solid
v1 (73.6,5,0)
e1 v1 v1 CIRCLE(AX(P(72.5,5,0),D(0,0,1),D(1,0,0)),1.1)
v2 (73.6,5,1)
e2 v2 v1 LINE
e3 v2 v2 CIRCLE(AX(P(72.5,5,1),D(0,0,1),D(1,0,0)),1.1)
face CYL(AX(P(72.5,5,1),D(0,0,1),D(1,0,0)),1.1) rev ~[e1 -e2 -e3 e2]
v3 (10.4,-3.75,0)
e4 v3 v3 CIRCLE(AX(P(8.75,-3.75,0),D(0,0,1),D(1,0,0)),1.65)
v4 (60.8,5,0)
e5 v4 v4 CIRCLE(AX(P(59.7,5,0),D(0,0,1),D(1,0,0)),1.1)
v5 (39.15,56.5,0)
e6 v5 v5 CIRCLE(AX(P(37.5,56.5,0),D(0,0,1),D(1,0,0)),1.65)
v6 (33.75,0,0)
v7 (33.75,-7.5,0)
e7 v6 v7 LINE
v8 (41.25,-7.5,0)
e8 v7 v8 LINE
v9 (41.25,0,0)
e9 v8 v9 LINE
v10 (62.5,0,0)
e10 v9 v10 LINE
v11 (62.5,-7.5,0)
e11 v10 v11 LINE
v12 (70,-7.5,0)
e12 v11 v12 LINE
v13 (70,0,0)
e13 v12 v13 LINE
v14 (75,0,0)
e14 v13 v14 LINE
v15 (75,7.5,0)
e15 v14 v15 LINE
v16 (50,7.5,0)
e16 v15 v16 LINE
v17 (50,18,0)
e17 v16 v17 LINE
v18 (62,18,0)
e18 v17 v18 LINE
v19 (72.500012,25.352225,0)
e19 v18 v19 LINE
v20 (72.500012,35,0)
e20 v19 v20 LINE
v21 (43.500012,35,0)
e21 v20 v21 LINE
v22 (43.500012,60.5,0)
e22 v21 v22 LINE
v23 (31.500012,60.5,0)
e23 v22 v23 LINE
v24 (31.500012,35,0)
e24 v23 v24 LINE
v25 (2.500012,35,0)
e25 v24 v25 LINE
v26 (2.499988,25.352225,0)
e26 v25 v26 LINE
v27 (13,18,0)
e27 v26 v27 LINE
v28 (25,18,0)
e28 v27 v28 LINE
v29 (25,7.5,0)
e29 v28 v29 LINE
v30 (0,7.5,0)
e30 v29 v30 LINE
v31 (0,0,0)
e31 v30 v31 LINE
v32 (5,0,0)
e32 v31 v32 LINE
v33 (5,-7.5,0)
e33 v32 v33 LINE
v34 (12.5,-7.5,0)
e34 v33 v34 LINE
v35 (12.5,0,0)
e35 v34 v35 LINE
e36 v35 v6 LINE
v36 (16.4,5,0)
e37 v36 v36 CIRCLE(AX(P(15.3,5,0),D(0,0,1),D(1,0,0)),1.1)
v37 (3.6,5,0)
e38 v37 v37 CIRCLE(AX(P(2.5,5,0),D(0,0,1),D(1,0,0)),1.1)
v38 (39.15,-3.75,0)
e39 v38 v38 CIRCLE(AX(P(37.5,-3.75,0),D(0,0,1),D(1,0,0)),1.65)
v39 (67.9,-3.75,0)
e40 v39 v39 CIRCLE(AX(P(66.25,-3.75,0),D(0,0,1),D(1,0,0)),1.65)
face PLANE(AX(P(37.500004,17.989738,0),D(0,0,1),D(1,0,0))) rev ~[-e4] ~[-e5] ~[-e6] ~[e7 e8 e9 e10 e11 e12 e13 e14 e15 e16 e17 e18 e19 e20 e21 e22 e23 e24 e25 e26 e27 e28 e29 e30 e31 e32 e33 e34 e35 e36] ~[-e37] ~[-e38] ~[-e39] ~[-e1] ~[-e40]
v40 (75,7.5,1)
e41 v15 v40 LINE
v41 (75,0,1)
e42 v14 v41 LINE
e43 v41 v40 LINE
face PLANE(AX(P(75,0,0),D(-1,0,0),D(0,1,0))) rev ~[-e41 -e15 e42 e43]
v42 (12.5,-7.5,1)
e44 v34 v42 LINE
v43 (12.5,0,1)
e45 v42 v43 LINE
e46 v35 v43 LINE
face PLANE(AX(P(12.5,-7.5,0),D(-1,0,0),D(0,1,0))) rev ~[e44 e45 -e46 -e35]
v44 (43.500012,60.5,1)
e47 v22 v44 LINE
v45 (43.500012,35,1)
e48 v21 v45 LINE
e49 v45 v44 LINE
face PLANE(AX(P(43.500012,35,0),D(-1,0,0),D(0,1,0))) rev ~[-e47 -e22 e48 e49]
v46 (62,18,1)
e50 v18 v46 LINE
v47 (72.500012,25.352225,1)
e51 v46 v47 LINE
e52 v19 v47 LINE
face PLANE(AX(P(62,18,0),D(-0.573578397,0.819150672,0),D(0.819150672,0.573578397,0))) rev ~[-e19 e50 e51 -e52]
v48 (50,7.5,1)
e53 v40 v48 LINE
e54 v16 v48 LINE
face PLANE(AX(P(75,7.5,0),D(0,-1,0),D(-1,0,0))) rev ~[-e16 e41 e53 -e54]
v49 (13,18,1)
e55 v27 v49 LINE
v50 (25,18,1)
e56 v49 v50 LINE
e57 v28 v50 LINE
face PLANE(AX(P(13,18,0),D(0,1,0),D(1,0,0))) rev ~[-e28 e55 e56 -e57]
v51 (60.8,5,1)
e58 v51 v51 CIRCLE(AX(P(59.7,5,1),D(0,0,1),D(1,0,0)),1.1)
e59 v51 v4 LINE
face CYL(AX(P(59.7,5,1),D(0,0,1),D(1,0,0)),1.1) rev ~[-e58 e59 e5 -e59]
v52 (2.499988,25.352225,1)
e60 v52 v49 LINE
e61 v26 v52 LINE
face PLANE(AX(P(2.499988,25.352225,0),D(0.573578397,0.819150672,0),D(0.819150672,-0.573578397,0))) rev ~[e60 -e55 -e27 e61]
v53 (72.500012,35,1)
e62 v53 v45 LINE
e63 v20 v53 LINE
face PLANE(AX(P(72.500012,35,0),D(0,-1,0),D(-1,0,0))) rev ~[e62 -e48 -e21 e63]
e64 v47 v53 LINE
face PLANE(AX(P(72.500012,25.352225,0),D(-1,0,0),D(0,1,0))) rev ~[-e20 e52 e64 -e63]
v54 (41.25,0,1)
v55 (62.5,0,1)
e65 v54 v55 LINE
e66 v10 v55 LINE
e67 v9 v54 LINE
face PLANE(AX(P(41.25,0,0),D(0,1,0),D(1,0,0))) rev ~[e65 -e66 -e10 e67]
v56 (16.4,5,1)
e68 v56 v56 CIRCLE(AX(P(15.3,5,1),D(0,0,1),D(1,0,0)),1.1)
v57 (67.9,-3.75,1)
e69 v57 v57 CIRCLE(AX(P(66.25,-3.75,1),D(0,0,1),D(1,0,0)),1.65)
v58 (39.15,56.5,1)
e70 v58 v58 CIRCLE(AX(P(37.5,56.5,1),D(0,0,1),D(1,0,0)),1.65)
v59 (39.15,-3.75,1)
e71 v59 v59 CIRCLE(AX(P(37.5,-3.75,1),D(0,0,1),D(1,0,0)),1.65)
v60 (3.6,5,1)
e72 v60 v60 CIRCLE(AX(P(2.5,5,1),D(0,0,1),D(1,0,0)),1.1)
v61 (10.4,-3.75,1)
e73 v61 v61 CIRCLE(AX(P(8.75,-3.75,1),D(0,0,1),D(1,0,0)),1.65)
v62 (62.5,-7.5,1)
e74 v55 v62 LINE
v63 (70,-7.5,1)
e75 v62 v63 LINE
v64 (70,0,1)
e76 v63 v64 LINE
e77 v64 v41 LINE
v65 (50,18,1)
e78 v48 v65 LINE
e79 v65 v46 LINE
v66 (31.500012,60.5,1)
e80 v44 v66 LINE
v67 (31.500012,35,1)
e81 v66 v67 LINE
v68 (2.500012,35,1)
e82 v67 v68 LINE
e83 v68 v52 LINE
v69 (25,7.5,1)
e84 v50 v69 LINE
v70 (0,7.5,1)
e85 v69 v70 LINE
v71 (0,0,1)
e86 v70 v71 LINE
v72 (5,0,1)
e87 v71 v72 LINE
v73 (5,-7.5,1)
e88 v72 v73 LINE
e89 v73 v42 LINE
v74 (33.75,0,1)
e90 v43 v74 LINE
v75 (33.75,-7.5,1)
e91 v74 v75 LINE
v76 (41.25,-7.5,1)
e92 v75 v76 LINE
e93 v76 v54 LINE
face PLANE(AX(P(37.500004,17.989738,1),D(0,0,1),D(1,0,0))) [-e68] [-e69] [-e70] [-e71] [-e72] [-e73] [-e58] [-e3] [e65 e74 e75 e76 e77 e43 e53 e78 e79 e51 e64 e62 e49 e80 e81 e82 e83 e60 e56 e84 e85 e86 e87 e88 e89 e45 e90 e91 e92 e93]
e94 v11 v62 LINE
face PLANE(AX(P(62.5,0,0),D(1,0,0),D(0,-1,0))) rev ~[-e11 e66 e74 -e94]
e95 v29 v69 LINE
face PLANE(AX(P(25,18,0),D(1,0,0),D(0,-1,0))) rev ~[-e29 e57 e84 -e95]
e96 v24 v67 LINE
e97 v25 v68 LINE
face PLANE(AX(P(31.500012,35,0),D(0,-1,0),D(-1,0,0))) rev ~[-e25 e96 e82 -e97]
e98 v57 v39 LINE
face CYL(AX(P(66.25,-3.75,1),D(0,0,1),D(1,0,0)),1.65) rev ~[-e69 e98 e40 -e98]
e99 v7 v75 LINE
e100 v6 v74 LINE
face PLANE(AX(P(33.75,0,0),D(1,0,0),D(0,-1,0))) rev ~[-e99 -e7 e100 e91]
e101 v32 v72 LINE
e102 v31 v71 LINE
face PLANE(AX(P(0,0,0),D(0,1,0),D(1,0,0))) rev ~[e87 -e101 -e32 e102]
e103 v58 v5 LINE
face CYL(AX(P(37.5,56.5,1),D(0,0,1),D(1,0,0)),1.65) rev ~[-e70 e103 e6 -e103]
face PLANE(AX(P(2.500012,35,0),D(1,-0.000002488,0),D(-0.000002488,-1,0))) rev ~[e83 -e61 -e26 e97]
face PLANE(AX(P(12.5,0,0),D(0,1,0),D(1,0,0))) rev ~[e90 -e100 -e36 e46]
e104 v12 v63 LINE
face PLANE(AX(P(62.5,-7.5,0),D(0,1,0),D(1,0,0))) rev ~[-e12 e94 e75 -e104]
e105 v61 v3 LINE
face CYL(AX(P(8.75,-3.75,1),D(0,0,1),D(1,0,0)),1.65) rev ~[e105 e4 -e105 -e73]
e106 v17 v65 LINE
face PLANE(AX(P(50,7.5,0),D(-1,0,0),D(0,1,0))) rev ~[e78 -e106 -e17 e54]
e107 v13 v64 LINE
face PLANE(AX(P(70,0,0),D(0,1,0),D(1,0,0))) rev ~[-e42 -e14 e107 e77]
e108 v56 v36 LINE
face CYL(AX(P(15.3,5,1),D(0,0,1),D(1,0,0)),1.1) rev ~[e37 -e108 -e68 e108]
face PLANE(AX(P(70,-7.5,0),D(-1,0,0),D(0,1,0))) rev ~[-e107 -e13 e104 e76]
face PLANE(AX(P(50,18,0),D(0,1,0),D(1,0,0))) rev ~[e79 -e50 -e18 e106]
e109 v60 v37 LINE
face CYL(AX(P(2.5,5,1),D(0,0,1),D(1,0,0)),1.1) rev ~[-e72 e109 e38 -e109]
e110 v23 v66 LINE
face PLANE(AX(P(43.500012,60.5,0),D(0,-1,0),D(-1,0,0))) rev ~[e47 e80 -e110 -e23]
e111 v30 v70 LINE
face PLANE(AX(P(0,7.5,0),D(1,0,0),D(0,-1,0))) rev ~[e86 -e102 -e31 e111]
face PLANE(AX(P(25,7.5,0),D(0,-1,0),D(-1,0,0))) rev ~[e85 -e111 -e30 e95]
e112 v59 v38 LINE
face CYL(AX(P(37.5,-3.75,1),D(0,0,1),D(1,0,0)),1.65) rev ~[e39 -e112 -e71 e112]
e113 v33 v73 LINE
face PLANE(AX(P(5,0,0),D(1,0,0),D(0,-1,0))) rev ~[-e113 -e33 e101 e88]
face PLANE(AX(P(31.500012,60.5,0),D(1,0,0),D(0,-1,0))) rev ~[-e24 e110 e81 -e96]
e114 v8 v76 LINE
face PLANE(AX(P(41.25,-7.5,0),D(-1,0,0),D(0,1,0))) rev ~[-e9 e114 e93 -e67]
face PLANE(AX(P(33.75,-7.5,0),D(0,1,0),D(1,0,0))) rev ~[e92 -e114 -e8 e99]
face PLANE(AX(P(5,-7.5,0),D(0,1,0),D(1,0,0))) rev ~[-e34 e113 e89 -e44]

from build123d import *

# Parameters (mm, degrees)
EXTRUDE_DEPTH = 1
SKETCH001_R   = 1.1
HOLE_DEPTH    = 5
SKETCH002_R   = 1.65
HOLE001_DEPTH = 3


with BuildPart() as part:
    # Sketch → Extrude (new body)
    with BuildSketch(Plane.XY):
        Polygon((0, 0), (5, 0), (5, -7.5), (12.5, -7.5), (12.5, 0), (33.75, 0), (33.75, -7.5), (41.25, -7.5), (41.25, 0), (62.5, 0), (62.5, -7.5), (70, -7.5), (70, 0), (75, 0), (75, 7.5), (50, 7.5), (50, 18), (62, 18), (72.500012, 25.352225), (72.500012, 35), (43.500012, 35), (43.500012, 60.5), (31.500012, 60.5), (31.500012, 35), (2.500012, 35), (2.499988, 25.352225), (13, 18), (25, 18), (25, 7.5), (0, 7.5), align=None)
    extrude(amount=EXTRUDE_DEPTH)

    # Sketch001 (on Face32 of Extrude) → Hole (cut)
    with BuildSketch(Plane.XY.offset(1)):
        with Locations((2.5, 5)):
            Circle(SKETCH001_R)
        with Locations((15.3, 5)):
            Circle(SKETCH001_R)
        with Locations((59.7, 5)):
            Circle(SKETCH001_R)
        with Locations((72.5, 5)):
            Circle(SKETCH001_R)
    extrude(amount=-HOLE_DEPTH, mode=Mode.SUBTRACT)

    # Sketch002 (on Face5 of Hole) → Hole001 (cut)
    with BuildSketch(Plane.XY.offset(1)):
        with Locations((8.75, -3.75)):
            Circle(SKETCH002_R)
        with Locations((37.5, -3.75)):
            Circle(SKETCH002_R)
        with Locations((66.25, -3.75)):
            Circle(SKETCH002_R)
        with Locations((37.5, 56.5)):
            Circle(SKETCH002_R)
    extrude(amount=-HOLE001_DEPTH, mode=Mode.SUBTRACT)


solid = part.part
